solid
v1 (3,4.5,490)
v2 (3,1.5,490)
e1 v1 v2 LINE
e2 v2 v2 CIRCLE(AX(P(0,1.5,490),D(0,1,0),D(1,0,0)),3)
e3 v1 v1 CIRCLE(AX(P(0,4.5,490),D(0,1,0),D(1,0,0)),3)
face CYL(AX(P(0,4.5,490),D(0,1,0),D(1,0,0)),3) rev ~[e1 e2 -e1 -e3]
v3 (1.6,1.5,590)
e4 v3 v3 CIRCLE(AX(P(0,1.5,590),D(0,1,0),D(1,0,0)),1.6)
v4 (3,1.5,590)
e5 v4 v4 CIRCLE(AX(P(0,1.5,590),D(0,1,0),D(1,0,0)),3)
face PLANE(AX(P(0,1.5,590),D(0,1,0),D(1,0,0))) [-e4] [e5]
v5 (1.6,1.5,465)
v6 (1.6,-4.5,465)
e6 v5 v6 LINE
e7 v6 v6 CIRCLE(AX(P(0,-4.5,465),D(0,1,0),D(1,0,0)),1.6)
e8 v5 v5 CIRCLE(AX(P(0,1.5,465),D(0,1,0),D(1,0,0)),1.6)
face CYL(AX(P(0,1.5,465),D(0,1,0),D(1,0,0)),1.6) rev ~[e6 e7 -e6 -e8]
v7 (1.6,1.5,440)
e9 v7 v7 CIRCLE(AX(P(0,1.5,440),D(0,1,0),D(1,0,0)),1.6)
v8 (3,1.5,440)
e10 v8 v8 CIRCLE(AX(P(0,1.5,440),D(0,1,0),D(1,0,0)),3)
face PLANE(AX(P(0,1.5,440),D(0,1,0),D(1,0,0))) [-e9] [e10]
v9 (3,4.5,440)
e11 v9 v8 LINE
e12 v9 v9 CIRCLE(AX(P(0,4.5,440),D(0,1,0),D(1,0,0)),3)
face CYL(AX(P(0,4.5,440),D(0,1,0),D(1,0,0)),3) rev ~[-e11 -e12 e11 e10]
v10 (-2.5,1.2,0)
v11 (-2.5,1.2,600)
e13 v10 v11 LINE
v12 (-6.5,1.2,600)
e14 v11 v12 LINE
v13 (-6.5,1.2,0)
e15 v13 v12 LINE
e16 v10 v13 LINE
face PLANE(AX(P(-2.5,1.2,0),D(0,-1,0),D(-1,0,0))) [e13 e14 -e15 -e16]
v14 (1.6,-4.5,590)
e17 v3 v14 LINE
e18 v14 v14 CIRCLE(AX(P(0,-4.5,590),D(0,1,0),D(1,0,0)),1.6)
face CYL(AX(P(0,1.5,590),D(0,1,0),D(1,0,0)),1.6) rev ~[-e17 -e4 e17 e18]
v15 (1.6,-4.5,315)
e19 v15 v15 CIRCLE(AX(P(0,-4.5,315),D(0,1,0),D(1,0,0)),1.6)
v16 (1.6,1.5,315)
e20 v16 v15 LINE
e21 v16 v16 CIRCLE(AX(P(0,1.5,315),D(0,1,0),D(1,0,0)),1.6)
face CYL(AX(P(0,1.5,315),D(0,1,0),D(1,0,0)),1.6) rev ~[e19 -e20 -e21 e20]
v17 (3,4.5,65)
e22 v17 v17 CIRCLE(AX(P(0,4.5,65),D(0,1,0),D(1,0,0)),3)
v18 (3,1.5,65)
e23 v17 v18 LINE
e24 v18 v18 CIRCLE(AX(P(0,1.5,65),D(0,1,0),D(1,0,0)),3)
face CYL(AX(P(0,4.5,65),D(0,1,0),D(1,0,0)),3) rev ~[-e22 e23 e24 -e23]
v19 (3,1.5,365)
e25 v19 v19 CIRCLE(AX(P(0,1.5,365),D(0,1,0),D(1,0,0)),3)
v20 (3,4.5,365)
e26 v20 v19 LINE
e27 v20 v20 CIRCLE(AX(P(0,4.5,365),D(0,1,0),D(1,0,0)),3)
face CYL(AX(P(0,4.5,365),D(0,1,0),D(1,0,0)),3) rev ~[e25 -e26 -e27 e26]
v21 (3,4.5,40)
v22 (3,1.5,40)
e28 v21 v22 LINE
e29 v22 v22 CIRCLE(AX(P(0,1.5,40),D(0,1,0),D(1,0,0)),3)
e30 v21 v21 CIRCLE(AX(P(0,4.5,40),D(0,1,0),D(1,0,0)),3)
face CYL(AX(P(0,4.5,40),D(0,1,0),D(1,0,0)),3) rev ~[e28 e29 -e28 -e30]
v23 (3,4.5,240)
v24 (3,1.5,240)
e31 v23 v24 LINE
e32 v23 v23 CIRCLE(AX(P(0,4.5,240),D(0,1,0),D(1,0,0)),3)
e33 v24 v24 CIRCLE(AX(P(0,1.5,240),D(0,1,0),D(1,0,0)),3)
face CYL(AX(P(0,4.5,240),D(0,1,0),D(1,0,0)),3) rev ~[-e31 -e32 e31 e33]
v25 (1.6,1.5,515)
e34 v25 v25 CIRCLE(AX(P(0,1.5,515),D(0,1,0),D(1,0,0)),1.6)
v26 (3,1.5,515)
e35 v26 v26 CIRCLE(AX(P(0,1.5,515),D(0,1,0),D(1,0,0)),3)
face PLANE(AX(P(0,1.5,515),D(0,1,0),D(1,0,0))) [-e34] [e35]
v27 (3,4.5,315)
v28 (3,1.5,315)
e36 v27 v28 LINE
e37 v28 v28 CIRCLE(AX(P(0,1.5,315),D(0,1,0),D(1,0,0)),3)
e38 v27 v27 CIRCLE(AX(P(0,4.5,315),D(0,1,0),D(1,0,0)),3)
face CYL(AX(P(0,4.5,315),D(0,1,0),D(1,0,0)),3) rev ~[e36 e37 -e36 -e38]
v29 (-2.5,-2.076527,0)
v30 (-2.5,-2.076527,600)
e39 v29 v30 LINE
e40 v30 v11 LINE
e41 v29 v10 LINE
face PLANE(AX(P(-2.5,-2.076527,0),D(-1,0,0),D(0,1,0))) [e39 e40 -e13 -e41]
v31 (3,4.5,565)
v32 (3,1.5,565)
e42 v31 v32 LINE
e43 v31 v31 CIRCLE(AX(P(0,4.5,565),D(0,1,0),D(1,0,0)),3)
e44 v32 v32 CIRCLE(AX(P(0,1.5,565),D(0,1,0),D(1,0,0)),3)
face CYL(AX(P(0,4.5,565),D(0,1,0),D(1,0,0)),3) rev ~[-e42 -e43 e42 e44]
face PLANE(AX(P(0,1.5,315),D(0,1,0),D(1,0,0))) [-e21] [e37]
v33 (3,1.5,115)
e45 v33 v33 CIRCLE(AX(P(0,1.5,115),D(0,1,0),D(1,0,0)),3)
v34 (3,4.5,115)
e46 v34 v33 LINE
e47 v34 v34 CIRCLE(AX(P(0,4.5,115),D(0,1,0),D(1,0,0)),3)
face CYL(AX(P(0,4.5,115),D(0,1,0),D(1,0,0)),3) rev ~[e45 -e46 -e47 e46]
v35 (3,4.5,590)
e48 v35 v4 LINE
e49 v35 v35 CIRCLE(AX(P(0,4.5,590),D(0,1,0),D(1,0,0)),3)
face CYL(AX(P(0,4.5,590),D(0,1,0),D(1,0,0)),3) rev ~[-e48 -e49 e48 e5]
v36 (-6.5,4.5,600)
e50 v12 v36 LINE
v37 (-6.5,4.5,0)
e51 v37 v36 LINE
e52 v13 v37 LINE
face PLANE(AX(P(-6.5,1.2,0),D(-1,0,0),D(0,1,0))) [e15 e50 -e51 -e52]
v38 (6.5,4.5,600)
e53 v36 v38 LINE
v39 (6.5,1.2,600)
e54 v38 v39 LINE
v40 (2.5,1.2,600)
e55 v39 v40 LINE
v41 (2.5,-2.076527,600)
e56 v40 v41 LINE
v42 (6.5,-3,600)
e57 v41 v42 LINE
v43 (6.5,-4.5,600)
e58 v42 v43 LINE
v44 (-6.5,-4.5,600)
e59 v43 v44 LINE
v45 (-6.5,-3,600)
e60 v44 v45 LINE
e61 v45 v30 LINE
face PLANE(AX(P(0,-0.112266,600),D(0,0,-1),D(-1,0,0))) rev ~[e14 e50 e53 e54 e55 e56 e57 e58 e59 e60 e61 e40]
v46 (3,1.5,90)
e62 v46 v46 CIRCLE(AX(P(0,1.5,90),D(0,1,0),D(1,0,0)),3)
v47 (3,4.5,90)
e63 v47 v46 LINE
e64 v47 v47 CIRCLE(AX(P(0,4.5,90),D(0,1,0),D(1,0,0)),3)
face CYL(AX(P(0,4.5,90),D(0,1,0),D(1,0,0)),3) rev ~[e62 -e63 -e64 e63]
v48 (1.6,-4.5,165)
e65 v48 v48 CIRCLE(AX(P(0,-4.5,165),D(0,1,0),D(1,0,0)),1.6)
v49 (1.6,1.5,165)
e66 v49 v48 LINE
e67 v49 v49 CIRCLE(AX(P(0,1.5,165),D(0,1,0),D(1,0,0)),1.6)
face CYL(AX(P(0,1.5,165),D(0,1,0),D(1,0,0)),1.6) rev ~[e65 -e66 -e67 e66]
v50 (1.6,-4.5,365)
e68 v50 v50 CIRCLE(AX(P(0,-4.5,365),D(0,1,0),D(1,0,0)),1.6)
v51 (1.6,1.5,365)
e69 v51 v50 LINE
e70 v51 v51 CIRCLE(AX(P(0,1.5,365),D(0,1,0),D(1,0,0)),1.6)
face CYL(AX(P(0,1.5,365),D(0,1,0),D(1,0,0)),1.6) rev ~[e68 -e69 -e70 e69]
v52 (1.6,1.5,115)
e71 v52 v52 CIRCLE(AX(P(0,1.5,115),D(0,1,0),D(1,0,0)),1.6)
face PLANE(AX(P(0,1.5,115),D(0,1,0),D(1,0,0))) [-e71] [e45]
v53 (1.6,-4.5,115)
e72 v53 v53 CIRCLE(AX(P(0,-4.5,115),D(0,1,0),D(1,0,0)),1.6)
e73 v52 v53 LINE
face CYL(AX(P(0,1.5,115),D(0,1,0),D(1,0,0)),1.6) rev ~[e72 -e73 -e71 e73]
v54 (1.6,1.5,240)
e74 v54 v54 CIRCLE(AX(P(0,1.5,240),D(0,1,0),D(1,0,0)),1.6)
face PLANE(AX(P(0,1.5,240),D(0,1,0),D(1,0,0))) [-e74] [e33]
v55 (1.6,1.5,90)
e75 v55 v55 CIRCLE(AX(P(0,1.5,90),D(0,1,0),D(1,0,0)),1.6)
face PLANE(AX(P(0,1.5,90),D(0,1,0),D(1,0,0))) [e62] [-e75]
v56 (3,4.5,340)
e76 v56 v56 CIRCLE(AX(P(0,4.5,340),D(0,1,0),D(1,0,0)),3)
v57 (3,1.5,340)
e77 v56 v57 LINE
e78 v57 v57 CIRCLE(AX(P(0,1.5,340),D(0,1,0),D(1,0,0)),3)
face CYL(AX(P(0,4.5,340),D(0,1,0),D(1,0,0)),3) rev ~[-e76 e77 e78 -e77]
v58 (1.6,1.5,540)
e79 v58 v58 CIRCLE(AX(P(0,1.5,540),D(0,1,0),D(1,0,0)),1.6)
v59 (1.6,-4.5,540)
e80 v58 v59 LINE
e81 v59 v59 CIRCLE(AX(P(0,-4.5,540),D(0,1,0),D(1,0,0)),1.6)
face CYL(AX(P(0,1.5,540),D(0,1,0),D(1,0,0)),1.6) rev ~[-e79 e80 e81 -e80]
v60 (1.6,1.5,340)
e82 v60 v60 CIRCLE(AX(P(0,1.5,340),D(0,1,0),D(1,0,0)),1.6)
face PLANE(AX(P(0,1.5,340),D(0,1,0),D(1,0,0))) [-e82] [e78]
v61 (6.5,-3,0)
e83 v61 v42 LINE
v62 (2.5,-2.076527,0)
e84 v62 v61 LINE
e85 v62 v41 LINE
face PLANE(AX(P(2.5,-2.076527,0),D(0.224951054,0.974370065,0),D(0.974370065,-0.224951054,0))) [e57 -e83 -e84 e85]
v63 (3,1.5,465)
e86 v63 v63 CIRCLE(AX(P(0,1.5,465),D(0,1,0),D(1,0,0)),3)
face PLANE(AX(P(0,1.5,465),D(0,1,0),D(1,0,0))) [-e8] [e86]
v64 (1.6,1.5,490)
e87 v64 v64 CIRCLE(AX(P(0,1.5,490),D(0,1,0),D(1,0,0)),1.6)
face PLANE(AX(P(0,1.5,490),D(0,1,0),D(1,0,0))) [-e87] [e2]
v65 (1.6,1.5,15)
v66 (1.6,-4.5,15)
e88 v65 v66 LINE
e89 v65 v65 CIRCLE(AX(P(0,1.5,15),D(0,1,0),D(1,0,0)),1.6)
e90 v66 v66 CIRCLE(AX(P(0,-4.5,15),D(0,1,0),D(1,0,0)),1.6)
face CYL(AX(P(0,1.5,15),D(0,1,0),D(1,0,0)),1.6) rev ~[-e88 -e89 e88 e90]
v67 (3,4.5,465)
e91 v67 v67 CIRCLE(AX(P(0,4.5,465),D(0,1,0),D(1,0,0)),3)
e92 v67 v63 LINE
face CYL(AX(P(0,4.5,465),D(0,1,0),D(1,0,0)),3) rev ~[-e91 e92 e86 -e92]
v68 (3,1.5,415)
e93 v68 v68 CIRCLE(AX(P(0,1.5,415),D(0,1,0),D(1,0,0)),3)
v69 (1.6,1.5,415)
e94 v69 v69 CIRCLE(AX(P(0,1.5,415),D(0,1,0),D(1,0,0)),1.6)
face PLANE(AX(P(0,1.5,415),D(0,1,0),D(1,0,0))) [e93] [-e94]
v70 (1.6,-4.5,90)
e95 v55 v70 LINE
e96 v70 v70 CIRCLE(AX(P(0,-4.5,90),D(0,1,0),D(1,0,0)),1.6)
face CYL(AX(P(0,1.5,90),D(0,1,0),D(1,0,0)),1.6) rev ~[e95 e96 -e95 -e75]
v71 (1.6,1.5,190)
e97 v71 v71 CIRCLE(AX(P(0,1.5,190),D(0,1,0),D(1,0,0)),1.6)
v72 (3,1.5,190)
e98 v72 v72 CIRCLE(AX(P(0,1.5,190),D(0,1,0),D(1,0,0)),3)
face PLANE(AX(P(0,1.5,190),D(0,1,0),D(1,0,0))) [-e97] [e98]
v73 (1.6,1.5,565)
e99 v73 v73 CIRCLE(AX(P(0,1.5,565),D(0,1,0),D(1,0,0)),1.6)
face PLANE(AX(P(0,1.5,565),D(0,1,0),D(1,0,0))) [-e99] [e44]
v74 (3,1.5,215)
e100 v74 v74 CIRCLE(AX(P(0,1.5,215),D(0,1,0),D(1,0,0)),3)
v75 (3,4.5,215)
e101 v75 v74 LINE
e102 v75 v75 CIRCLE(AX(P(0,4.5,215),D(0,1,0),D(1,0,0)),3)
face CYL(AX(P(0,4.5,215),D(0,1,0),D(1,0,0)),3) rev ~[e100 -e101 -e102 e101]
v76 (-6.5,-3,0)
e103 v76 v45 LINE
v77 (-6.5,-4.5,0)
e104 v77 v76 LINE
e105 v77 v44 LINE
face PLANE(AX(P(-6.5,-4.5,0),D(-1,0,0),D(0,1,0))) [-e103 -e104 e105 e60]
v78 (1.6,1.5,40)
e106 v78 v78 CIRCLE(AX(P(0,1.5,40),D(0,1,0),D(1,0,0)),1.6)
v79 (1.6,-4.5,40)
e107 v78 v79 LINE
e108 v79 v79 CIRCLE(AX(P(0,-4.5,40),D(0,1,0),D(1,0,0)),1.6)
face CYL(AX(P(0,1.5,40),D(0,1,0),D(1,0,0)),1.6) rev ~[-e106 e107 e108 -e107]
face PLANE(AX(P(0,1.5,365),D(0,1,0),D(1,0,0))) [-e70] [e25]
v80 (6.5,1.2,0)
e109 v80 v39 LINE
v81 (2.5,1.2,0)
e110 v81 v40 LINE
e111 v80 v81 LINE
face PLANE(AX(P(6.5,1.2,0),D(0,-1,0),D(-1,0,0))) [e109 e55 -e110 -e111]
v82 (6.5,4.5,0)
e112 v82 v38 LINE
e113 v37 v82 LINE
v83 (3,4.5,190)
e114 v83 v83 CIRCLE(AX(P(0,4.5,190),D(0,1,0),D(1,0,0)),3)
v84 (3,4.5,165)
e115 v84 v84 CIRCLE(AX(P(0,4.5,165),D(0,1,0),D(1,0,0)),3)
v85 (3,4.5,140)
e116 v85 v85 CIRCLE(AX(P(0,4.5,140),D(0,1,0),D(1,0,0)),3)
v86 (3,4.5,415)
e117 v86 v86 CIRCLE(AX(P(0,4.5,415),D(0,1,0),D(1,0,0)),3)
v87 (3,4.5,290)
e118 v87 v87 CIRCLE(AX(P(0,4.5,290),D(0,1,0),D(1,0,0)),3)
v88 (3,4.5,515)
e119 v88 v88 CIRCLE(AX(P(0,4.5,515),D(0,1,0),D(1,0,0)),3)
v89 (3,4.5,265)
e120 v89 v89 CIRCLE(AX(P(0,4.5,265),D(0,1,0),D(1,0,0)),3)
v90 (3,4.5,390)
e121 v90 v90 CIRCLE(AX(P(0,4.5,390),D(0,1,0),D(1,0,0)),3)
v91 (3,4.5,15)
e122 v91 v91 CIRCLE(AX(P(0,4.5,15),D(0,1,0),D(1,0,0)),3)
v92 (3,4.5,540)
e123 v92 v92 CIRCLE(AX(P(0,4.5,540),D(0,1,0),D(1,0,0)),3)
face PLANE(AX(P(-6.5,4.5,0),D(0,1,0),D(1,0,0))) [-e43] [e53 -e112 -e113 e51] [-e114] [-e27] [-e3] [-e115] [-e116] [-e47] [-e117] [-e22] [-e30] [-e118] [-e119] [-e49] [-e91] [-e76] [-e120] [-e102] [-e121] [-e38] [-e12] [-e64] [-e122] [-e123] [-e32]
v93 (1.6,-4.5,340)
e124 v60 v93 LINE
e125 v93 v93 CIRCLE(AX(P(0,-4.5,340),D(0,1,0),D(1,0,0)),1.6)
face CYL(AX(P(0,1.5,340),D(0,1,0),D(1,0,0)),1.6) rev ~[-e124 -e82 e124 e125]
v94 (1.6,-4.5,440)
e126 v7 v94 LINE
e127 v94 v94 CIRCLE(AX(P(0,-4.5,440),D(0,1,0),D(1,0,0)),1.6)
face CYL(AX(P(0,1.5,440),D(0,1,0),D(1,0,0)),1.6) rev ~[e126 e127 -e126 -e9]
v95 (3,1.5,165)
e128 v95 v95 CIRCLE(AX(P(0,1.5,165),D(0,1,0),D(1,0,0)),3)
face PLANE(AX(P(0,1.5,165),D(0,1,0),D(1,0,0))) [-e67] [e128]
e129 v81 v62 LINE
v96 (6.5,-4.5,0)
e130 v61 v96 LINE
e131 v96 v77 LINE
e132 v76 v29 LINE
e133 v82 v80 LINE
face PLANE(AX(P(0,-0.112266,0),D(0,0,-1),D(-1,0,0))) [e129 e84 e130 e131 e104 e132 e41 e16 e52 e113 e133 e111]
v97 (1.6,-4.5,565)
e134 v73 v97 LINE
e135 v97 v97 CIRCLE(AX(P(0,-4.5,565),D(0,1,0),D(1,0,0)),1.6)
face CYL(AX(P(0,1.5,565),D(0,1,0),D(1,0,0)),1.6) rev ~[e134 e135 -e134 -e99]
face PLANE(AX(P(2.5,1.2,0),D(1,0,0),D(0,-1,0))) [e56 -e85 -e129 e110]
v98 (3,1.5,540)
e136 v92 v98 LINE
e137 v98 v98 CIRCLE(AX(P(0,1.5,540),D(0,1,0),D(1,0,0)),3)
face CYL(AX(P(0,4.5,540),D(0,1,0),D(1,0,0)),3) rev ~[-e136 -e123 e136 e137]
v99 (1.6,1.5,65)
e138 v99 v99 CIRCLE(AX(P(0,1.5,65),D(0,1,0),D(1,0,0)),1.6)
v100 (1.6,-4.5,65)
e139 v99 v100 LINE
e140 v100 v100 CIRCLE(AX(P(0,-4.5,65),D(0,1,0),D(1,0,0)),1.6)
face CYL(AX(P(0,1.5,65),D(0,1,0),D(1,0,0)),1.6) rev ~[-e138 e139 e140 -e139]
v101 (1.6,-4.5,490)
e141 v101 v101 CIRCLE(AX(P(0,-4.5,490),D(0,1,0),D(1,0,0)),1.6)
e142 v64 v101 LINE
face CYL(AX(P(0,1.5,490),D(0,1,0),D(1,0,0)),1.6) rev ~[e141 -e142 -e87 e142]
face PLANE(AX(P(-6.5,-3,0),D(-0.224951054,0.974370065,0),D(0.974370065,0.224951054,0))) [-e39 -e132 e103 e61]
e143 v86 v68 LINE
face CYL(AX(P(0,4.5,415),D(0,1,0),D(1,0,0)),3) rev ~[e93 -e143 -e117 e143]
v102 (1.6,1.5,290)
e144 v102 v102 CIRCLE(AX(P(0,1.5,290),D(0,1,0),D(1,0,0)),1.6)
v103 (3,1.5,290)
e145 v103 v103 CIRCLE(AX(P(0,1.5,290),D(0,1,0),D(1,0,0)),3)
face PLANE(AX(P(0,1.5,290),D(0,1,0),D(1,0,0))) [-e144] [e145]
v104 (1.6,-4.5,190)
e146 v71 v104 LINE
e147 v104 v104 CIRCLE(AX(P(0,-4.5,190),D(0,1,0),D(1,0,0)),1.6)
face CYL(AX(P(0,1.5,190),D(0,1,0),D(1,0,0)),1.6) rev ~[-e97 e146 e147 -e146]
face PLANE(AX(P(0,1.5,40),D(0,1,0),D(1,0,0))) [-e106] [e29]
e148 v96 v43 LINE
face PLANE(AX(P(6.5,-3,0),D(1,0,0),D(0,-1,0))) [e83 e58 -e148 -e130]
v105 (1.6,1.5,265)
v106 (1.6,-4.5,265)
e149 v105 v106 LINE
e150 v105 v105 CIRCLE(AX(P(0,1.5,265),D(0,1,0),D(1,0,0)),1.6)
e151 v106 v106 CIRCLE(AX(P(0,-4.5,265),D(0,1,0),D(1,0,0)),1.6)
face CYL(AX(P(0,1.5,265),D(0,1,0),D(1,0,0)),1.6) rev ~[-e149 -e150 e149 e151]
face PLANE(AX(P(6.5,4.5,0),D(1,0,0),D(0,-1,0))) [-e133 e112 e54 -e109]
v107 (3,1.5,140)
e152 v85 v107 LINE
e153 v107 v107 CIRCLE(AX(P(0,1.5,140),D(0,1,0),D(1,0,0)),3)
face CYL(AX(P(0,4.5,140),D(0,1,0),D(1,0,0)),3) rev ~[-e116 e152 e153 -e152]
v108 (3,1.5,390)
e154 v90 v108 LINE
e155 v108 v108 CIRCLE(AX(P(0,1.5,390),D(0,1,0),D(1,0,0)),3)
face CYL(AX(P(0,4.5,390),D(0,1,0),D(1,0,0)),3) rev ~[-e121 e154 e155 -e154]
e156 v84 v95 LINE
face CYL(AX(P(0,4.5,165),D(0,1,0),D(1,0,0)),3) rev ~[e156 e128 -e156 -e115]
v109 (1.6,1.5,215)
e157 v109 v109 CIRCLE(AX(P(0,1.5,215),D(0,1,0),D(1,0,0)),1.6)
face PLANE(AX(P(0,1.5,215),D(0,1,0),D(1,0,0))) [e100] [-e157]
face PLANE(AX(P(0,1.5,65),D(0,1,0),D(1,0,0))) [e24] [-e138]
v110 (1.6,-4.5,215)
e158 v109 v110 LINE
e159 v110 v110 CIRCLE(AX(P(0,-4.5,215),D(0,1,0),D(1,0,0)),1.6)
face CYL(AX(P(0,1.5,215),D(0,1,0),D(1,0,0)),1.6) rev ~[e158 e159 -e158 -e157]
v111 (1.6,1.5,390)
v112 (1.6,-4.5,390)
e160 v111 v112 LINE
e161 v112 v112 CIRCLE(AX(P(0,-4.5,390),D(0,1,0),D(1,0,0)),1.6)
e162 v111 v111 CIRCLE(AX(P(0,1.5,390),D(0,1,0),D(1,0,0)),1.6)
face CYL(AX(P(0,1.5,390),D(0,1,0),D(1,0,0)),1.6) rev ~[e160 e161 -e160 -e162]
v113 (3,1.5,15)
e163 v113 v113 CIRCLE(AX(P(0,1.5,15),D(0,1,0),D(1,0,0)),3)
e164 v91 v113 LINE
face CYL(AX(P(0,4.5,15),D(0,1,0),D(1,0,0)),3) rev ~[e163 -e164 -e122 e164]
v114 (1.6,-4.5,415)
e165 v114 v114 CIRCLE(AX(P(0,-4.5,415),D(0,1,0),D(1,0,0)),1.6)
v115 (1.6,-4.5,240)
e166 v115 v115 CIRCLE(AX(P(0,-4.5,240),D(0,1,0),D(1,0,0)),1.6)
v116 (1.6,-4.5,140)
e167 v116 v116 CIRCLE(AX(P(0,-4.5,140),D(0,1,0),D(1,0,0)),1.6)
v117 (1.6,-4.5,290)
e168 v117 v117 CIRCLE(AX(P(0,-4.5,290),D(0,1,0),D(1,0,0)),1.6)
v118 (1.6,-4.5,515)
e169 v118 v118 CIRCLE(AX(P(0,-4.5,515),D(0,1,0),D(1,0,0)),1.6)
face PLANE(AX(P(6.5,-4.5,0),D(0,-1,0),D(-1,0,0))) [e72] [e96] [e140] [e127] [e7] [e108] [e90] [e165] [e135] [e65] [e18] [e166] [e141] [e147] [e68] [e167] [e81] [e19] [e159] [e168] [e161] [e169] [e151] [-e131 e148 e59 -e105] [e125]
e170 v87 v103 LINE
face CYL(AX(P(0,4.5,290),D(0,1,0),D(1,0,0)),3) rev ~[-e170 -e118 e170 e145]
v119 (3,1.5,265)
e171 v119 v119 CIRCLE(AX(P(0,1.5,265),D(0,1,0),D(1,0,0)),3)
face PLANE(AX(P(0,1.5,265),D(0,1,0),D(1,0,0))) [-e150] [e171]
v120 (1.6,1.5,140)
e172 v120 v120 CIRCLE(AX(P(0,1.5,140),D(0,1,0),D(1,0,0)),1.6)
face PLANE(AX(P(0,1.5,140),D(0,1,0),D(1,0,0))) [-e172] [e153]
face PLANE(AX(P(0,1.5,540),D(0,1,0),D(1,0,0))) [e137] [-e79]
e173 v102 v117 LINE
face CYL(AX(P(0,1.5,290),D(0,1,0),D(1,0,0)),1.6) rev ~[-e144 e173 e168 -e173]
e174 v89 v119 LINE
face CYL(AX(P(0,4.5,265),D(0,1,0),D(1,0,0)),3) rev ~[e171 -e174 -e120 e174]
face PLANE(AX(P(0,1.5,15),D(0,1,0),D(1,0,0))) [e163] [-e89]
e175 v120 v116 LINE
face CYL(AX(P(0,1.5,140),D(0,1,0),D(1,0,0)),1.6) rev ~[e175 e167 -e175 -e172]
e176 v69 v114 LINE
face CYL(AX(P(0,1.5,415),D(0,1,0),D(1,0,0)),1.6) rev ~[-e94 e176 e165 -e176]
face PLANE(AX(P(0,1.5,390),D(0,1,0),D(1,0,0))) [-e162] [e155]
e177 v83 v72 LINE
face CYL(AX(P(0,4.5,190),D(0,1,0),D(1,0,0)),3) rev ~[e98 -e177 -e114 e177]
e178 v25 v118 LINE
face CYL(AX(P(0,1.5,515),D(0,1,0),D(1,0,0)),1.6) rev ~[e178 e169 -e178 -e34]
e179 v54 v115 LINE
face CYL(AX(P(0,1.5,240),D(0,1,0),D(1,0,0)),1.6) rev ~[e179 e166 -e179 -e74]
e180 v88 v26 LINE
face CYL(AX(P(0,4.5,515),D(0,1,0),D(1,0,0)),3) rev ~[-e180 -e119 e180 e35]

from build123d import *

# Parameters (mm, degrees)
EXTRUDE_1_DEPTH        = 600
SKETCH_2_R             = 3
CUT_EXTRUDE_1_DEPTH    = 3
SKETCH_3_R             = 1.6
CUT_EXTRUDE_2_DEPTH    = 6
PATTERN_LINEAR_1_COUNT = 24
PATTERN_LINEAR_1_PITCH = 25


with BuildPart() as part:
    # 草图1 → 凸台-拉伸1 (new body)
    with BuildSketch(Plane.XY):
        Polygon((-6.5, 4.5), (6.5, 4.5), (6.5, 1.2), (2.5, 1.2), (2.5, -2.076527235), (6.5, -3), (6.5, -4.5), (-6.5, -4.5), (-6.5, -3), (-2.5, -2.076527235), (-2.5, 1.2), (-6.5, 1.2), align=None)
    extrude(amount=EXTRUDE_1_DEPTH)

    # 草图2 → 切除-拉伸1 (cut)
    with BuildSketch(Plane(origin=(0, 4.5, 0), x_dir=(1, 0, 0), z_dir=(0, 1, 0))):
        with Locations((0, -590)):
            Circle(SKETCH_2_R)
    cut_extrude_1 = extrude(amount=-CUT_EXTRUDE_1_DEPTH, mode=Mode.SUBTRACT)

    # 草图3 → 切除-拉伸2 (cut)
    with BuildSketch(Plane(origin=(0, 1.5, 0), x_dir=(1, 0, 0), z_dir=(0, 1, 0))):
        with Locations((0, -590)):
            Circle(SKETCH_3_R)
    cut_extrude_2 = extrude(amount=-CUT_EXTRUDE_2_DEPTH, mode=Mode.SUBTRACT)

    # 阵列(线性)1: 切除-拉伸1, 切除-拉伸2 ×24
    with Locations(*[(0, 0, -i * PATTERN_LINEAR_1_PITCH) for i in range(1, PATTERN_LINEAR_1_COUNT)]):
        add(cut_extrude_1, mode=Mode.SUBTRACT)
        add(cut_extrude_2, mode=Mode.SUBTRACT)


solid = part.part
